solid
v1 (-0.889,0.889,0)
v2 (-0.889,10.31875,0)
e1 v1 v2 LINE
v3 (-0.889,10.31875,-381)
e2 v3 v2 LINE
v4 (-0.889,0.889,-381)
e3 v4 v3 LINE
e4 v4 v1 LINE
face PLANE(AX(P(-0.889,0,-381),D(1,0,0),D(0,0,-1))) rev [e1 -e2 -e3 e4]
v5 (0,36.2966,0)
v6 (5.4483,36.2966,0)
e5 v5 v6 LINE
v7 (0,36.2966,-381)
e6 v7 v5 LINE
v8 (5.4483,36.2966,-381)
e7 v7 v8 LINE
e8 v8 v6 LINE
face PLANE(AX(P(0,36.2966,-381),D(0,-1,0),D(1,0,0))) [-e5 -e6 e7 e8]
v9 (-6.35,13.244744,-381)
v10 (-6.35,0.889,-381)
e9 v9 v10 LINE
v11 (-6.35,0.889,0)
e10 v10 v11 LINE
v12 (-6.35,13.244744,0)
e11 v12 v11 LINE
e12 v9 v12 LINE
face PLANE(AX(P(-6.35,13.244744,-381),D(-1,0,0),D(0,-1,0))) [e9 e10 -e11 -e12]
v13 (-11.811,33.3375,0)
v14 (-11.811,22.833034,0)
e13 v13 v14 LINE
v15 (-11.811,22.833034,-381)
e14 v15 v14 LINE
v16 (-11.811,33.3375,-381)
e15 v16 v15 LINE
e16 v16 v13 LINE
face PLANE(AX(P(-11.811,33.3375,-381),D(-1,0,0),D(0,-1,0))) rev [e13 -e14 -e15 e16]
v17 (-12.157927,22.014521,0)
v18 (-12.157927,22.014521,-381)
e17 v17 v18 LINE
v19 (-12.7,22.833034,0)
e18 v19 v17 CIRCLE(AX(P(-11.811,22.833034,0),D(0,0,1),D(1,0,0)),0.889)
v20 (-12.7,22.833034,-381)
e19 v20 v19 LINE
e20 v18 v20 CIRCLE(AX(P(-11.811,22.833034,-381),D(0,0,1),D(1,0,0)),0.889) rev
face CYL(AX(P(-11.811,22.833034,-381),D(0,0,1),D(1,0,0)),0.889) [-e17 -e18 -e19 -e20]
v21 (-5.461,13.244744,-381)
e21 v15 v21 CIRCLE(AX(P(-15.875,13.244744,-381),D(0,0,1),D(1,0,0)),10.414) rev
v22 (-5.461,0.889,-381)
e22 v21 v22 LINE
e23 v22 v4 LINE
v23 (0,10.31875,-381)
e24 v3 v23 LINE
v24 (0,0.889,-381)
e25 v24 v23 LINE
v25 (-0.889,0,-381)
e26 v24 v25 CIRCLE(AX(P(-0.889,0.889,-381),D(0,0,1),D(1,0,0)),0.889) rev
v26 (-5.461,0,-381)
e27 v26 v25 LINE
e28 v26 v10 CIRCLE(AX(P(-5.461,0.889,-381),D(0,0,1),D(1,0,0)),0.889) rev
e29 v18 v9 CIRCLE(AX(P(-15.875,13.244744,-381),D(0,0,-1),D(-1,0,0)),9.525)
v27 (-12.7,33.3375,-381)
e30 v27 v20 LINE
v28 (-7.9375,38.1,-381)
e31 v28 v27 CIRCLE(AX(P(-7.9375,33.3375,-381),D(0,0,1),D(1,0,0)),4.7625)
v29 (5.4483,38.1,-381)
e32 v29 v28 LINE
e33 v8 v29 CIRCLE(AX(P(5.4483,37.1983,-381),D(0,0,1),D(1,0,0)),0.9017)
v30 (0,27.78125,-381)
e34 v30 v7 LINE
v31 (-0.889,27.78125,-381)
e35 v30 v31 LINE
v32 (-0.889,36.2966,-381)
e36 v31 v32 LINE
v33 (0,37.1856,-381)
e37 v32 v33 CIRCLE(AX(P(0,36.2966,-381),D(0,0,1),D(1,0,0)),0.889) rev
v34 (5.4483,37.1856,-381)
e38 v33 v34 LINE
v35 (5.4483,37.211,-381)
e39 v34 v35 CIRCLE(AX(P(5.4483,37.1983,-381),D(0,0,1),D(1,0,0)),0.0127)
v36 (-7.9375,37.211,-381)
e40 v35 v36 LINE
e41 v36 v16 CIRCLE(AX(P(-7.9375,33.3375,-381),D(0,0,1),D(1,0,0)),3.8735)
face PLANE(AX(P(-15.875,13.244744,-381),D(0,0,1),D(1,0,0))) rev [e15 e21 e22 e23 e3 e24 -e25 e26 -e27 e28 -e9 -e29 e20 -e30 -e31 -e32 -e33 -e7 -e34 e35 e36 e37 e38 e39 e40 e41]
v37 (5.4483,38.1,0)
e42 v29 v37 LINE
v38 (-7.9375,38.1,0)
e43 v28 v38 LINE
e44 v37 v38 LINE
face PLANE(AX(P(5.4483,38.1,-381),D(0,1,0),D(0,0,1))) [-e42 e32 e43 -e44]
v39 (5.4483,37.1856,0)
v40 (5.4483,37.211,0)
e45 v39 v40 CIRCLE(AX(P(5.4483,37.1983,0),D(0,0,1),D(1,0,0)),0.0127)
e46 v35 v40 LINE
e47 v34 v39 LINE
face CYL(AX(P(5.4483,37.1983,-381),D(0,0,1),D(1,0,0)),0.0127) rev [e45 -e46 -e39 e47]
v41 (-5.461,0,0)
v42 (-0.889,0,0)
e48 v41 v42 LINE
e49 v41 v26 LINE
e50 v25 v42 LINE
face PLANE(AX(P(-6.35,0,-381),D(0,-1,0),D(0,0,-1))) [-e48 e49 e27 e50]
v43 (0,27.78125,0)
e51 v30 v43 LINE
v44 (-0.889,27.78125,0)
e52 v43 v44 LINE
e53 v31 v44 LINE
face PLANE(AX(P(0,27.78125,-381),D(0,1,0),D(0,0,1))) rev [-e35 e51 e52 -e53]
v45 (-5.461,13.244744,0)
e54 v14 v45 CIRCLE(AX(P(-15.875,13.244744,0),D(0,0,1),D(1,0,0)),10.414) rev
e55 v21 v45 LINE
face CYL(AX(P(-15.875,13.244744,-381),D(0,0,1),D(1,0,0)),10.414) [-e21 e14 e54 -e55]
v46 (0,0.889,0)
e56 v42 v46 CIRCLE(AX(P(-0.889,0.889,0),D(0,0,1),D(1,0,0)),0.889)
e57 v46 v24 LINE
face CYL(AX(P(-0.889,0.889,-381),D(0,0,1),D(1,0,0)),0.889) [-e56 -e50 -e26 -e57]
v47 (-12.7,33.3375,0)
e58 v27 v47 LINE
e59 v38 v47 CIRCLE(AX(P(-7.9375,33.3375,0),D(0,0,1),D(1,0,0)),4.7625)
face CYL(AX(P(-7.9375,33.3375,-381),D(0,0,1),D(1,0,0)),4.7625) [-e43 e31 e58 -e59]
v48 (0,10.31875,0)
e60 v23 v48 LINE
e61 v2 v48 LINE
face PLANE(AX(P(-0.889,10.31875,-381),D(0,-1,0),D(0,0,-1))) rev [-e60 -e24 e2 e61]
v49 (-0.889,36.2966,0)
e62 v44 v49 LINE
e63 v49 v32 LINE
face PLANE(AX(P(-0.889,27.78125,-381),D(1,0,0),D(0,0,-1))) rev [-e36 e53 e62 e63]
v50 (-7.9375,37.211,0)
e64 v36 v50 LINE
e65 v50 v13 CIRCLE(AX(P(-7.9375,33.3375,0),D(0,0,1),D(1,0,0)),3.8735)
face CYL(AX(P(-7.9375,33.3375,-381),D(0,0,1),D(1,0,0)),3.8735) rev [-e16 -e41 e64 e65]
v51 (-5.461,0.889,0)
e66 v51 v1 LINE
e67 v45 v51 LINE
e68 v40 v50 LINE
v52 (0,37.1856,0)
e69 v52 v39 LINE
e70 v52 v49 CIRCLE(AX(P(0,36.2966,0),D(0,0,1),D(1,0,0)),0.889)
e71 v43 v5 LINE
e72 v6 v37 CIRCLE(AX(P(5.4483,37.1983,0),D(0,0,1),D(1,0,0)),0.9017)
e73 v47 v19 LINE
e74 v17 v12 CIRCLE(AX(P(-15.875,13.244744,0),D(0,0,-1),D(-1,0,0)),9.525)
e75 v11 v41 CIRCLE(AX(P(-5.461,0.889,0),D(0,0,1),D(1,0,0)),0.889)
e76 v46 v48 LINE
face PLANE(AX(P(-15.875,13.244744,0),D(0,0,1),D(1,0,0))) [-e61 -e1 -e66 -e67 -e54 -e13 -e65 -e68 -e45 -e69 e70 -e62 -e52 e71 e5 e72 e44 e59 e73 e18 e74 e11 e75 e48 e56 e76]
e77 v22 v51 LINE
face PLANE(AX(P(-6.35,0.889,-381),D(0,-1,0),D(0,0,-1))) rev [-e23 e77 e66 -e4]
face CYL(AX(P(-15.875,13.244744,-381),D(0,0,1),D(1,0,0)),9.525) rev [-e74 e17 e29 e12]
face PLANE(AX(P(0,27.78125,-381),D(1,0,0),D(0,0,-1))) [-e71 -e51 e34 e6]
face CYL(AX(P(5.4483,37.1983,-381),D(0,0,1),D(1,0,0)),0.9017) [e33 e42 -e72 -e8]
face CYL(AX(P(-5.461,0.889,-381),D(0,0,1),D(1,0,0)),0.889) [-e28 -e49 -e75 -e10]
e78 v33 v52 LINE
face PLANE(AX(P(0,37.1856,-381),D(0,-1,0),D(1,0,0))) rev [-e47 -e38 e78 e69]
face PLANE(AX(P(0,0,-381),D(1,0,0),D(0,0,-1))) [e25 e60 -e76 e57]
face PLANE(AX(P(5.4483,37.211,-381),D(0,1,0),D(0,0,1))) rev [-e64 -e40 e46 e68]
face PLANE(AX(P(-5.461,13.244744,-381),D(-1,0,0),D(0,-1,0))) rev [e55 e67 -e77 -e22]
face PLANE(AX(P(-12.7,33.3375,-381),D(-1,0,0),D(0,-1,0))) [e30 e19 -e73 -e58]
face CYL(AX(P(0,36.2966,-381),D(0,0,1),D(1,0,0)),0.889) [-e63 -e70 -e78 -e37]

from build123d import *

# Parameters (mm, degrees)
EXTRUDE_THIN1_DEPTH = 381
FILLET1_R           = 0.889


with BuildPart() as part:
    # Sketch1 → Extrude-Thin1 (new body)
    with BuildSketch(Plane.XY):
        with BuildLine():
            Line((0, 27.78125), (0, 36.2966))
            Line((0, 36.2966), (5.4483, 36.2966))
            ThreePointArc((5.4483, 36.2966), (6.35, 37.1983), (5.4483, 38.1))
            Line((5.4483, 38.1), (-7.9375, 38.1))
            ThreePointArc((-7.9375, 38.1), (-11.305096045, 36.705096045), (-12.7, 33.3375))
            Line((-12.7, 33.3375), (-12.7, 22.225))
            ThreePointArc((-12.7, 22.225), (-8.097870067, 18.744005193), (-6.35, 13.244743879))
            Line((-6.35, 13.244743879), (-6.35, 0))
            Line((-6.35, 0), (0, 0))
            Line((0, 0), (0, 10.31875))
            Line((0, 10.31875), (-0.889, 10.31875))
            Line((-0.889, 10.31875), (-0.889, 0.889))
            Line((-0.889, 0.889), (-5.461, 0.889))
            Line((-5.461, 0.889), (-5.461, 13.244743879))
            ThreePointArc((-5.461, 13.244743879), (-7.192434365, 18.994913442), (-11.811, 22.833033612))
            Line((-11.811, 22.833033612), (-11.811, 33.3375))
            ThreePointArc((-11.811, 33.3375), (-10.676478117, 36.076478117), (-7.9375, 37.211))
            Line((-7.9375, 37.211), (5.4483, 37.211))
            ThreePointArc((5.4483, 37.211), (5.461, 37.1983), (5.4483, 37.1856))
            Line((5.4483, 37.1856), (-0.889, 37.1856))
            Line((-0.889, 37.1856), (-0.889, 27.78125))
            Line((-0.889, 27.78125), (0, 27.78125))
        make_face()
    extrude(amount=-EXTRUDE_THIN1_DEPTH)

    # Fillet1
    fillet1_edges = [part.edges().sort_by_distance(p)[0] for p in [
        (0, 0, -190.5),
        (-6.35, 0, -190.5),
        (-12.7, 22.225, -190.5),
        (-0.889, 37.1856, -190.5),
    ]]
    fillet(fillet1_edges, radius=FILLET1_R)


solid = part.part
